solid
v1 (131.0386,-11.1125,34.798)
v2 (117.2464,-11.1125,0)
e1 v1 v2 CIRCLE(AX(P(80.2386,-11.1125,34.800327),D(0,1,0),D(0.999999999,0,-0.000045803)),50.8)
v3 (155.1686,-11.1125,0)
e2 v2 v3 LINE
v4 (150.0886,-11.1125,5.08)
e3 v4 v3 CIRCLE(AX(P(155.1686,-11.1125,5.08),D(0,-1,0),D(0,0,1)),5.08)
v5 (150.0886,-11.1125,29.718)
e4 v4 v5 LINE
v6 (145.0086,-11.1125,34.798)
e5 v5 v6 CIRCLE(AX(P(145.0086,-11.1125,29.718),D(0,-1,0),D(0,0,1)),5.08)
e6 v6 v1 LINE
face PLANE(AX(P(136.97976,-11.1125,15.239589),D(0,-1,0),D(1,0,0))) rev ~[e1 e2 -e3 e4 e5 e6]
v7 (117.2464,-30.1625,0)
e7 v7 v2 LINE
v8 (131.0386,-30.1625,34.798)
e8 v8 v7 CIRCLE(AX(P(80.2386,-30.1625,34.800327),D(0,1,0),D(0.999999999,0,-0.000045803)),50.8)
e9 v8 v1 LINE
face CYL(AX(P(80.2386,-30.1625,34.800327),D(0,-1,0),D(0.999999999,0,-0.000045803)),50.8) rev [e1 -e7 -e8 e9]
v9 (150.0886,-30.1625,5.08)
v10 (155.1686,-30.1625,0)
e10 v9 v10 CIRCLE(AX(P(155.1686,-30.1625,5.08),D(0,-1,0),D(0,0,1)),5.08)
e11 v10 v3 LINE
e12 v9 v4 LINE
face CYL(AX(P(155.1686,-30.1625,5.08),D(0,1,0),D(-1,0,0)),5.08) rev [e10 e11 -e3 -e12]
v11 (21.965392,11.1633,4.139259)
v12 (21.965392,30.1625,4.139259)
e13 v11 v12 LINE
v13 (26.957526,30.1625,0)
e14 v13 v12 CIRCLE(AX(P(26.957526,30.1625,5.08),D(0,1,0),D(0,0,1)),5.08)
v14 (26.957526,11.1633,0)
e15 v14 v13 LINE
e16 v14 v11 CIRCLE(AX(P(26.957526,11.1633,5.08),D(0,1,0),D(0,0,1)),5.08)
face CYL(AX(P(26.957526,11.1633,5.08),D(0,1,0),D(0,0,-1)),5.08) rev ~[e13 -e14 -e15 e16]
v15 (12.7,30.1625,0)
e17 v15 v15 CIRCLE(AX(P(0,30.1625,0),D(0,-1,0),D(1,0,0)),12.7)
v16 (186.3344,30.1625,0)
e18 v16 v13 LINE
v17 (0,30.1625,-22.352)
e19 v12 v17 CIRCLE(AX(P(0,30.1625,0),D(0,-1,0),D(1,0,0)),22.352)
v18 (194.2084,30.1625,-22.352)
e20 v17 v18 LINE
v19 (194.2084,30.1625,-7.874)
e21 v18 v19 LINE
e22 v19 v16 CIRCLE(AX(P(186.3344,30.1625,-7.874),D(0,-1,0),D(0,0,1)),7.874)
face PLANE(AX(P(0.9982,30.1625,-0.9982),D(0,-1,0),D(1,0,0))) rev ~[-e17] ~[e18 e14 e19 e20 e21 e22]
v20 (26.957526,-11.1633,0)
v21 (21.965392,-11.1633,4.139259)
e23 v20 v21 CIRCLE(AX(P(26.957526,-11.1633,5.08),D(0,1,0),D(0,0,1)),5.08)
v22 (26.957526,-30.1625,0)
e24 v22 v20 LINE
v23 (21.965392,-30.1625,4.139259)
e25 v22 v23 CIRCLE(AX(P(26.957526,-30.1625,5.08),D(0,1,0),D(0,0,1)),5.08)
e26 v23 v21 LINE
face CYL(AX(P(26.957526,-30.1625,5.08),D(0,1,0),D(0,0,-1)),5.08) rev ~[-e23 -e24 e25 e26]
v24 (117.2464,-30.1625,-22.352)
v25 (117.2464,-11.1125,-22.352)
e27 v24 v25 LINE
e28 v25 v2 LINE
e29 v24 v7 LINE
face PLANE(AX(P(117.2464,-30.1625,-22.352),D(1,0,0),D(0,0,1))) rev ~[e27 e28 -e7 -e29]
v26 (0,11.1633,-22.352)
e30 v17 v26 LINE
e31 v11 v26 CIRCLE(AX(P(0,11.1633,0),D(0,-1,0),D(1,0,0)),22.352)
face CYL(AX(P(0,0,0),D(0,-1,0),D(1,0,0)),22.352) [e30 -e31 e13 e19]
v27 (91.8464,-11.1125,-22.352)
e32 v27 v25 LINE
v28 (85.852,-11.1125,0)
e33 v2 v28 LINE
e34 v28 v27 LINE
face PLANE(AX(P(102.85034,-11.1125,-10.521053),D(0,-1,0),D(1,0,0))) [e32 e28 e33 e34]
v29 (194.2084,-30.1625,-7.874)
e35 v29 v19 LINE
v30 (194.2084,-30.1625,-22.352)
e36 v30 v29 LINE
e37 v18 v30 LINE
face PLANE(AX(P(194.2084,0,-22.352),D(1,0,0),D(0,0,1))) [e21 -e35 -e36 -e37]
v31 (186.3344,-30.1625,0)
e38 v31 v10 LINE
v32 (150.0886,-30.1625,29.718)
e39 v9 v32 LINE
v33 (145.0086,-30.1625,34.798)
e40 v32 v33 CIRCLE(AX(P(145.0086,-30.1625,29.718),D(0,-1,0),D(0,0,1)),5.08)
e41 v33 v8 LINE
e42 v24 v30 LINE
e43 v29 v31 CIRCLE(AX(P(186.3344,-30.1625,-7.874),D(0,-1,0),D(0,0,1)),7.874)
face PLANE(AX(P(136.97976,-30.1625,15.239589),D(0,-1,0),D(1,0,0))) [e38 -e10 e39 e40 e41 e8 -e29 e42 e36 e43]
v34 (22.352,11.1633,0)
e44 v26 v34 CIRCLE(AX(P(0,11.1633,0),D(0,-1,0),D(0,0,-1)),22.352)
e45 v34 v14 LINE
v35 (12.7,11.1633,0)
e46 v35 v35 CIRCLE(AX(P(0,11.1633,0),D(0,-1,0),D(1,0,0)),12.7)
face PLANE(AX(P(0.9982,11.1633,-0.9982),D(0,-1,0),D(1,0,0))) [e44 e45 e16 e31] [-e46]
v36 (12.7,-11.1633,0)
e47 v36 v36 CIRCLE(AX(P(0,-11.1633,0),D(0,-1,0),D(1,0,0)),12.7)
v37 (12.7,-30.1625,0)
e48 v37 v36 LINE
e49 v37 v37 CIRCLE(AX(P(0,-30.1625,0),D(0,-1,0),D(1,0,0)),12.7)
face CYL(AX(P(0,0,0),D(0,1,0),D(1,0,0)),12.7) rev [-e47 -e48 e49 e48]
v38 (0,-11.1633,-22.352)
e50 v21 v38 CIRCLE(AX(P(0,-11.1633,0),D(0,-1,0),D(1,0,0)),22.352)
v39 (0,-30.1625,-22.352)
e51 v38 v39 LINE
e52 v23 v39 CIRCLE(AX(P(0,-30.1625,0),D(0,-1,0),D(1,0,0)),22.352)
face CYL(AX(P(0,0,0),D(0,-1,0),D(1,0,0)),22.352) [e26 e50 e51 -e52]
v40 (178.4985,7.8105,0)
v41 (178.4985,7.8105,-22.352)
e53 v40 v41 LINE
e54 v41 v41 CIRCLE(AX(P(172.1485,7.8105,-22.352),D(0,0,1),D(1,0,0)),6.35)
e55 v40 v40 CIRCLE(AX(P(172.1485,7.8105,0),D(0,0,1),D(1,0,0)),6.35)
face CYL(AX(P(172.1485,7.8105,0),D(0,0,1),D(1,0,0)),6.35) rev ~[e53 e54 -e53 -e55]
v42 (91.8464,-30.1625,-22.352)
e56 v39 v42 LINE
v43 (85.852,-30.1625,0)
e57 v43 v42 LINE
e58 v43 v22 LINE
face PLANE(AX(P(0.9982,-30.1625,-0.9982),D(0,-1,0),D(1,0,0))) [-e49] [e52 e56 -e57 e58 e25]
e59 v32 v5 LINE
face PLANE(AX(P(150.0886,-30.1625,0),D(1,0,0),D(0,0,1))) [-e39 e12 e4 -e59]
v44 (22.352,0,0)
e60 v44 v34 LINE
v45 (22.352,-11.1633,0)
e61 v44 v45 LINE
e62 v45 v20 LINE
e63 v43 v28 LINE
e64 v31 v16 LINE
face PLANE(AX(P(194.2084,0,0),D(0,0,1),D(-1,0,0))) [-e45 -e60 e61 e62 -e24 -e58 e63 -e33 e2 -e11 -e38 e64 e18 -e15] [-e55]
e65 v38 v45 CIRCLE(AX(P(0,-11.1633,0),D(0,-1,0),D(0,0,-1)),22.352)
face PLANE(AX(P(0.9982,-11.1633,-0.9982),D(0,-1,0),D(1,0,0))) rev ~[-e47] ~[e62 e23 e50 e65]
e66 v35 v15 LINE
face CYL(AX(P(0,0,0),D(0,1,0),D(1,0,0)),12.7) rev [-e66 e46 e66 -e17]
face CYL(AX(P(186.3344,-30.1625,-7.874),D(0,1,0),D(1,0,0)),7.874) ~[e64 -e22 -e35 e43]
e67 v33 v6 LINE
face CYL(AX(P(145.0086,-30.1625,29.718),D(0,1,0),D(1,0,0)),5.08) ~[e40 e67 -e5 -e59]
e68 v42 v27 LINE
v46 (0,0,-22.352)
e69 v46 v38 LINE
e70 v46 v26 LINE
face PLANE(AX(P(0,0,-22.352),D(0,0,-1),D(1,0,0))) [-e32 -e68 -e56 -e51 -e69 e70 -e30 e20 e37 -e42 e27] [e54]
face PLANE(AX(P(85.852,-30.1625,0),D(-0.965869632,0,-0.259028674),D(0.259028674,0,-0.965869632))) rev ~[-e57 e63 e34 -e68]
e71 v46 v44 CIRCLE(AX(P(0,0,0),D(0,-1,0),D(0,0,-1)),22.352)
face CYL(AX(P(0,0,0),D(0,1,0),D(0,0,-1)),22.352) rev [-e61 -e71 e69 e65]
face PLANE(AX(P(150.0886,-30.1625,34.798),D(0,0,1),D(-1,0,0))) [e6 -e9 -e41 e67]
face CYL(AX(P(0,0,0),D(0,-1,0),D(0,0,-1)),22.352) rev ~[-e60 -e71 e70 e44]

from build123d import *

# Parameters (mm, degrees)
F0_R     = 12.7
F1_DEPTH = 30.1625
F2_DEPTH = 11.1633
F4_DEPTH = 19.05
F5_DEPTH = 19.05
F6_R     = 6.35
F7_DEPTH = 22.353
F8_R     = 7.874
F9_R     = 5.08
F10_R    = 5.08


with BuildPart() as f1:
    # F0 (on Front) → F1 (new body, symmetric)
    with BuildSketch(Plane.XZ):
        with BuildLine():
            ThreePointArc((0, -22.352), (15.8052507731, -15.8052507731), (22.352, 0))
            ThreePointArc((22.352, 0), (-15.8052507731, 15.8052507731), (0, -22.352))
        make_face()
        Circle(F0_R, mode=Mode.SUBTRACT)
        with BuildLine():
            Line((85.852, 0), (22.352, 0))
            ThreePointArc((22.352, 0), (15.8052507731, -15.8052507731), (0, -22.352))
            Line((0, -22.352), (91.8464, -22.352))
            Line((91.8464, -22.352), (85.852, 0))
        make_face()
        Polygon((117.2464, 0), (85.852, 0), (91.8464, -22.352), (117.2464, -22.352), align=None)
        Polygon((150.0886, 0), (117.2464, 0), (117.2464, -22.352), (194.2084, -22.352), (194.2084, 0), align=None)
    extrude(amount=F1_DEPTH, both=True)

    # F0 (on Front) → F2 (cut, symmetric)
    with BuildSketch(Plane.XZ):
        with BuildLine():
            ThreePointArc((0, -22.352), (15.8052507731, -15.8052507731), (22.352, 0))
            ThreePointArc((22.352, 0), (-15.8052507731, 15.8052507731), (0, -22.352))
        make_face()
        Circle(F0_R, mode=Mode.SUBTRACT)
    extrude(amount=F2_DEPTH, both=True, mode=Mode.SUBTRACT)

    # F3 (on face) → F4 (cut)
    with BuildSketch(Plane.XZ.offset(30.1625)):
        Polygon((117.2464, 0), (85.852, 0), (91.8464, -22.352), (117.2464, -22.352), align=None)
    extrude(amount=-F4_DEPTH, mode=Mode.SUBTRACT)

    # F3 (on face) → F5 (join)
    with BuildSketch(Plane.XZ.offset(30.1625)):
        with BuildLine():
            ThreePointArc((131.0386, 34.798), (127.4644153616, 16.0823576341), (117.2464, 0))
            Line((117.2464, 0), (150.0886, 0))
            Line((150.0886, 0), (150.0886, 34.798))
            Line((150.0886, 34.798), (131.0386, 34.798))
        make_face()
    extrude(amount=-F5_DEPTH)

    # F6 (on face) → F7 (cut, through all)
    with BuildSketch(Plane.XY):
        with Locations((172.1485, 7.8105)):
            Circle(F6_R)
    extrude(amount=-F7_DEPTH, mode=Mode.SUBTRACT)

    # F8
    f8_edges = [f1.edges().sort_by_distance(p)[0] for p in [
        (194.2084, 0, 0),
    ]]
    fillet(f8_edges, radius=F8_R)

    # F9
    f9_edges = [f1.edges().sort_by_distance(p)[0] for p in [
        (150.0886, -20.6375, 34.798),
    ]]
    fillet(f9_edges, radius=F9_R)

    # F10
    f10_edges = [f1.edges().sort_by_distance(p)[0] for p in [
        (22.352, -20.6629, 0),
        (22.352, 20.6629, 0),
        (150.0886, -20.6375, 0),
    ]]
    fillet(f10_edges, radius=F10_R)


solid = f1.part
